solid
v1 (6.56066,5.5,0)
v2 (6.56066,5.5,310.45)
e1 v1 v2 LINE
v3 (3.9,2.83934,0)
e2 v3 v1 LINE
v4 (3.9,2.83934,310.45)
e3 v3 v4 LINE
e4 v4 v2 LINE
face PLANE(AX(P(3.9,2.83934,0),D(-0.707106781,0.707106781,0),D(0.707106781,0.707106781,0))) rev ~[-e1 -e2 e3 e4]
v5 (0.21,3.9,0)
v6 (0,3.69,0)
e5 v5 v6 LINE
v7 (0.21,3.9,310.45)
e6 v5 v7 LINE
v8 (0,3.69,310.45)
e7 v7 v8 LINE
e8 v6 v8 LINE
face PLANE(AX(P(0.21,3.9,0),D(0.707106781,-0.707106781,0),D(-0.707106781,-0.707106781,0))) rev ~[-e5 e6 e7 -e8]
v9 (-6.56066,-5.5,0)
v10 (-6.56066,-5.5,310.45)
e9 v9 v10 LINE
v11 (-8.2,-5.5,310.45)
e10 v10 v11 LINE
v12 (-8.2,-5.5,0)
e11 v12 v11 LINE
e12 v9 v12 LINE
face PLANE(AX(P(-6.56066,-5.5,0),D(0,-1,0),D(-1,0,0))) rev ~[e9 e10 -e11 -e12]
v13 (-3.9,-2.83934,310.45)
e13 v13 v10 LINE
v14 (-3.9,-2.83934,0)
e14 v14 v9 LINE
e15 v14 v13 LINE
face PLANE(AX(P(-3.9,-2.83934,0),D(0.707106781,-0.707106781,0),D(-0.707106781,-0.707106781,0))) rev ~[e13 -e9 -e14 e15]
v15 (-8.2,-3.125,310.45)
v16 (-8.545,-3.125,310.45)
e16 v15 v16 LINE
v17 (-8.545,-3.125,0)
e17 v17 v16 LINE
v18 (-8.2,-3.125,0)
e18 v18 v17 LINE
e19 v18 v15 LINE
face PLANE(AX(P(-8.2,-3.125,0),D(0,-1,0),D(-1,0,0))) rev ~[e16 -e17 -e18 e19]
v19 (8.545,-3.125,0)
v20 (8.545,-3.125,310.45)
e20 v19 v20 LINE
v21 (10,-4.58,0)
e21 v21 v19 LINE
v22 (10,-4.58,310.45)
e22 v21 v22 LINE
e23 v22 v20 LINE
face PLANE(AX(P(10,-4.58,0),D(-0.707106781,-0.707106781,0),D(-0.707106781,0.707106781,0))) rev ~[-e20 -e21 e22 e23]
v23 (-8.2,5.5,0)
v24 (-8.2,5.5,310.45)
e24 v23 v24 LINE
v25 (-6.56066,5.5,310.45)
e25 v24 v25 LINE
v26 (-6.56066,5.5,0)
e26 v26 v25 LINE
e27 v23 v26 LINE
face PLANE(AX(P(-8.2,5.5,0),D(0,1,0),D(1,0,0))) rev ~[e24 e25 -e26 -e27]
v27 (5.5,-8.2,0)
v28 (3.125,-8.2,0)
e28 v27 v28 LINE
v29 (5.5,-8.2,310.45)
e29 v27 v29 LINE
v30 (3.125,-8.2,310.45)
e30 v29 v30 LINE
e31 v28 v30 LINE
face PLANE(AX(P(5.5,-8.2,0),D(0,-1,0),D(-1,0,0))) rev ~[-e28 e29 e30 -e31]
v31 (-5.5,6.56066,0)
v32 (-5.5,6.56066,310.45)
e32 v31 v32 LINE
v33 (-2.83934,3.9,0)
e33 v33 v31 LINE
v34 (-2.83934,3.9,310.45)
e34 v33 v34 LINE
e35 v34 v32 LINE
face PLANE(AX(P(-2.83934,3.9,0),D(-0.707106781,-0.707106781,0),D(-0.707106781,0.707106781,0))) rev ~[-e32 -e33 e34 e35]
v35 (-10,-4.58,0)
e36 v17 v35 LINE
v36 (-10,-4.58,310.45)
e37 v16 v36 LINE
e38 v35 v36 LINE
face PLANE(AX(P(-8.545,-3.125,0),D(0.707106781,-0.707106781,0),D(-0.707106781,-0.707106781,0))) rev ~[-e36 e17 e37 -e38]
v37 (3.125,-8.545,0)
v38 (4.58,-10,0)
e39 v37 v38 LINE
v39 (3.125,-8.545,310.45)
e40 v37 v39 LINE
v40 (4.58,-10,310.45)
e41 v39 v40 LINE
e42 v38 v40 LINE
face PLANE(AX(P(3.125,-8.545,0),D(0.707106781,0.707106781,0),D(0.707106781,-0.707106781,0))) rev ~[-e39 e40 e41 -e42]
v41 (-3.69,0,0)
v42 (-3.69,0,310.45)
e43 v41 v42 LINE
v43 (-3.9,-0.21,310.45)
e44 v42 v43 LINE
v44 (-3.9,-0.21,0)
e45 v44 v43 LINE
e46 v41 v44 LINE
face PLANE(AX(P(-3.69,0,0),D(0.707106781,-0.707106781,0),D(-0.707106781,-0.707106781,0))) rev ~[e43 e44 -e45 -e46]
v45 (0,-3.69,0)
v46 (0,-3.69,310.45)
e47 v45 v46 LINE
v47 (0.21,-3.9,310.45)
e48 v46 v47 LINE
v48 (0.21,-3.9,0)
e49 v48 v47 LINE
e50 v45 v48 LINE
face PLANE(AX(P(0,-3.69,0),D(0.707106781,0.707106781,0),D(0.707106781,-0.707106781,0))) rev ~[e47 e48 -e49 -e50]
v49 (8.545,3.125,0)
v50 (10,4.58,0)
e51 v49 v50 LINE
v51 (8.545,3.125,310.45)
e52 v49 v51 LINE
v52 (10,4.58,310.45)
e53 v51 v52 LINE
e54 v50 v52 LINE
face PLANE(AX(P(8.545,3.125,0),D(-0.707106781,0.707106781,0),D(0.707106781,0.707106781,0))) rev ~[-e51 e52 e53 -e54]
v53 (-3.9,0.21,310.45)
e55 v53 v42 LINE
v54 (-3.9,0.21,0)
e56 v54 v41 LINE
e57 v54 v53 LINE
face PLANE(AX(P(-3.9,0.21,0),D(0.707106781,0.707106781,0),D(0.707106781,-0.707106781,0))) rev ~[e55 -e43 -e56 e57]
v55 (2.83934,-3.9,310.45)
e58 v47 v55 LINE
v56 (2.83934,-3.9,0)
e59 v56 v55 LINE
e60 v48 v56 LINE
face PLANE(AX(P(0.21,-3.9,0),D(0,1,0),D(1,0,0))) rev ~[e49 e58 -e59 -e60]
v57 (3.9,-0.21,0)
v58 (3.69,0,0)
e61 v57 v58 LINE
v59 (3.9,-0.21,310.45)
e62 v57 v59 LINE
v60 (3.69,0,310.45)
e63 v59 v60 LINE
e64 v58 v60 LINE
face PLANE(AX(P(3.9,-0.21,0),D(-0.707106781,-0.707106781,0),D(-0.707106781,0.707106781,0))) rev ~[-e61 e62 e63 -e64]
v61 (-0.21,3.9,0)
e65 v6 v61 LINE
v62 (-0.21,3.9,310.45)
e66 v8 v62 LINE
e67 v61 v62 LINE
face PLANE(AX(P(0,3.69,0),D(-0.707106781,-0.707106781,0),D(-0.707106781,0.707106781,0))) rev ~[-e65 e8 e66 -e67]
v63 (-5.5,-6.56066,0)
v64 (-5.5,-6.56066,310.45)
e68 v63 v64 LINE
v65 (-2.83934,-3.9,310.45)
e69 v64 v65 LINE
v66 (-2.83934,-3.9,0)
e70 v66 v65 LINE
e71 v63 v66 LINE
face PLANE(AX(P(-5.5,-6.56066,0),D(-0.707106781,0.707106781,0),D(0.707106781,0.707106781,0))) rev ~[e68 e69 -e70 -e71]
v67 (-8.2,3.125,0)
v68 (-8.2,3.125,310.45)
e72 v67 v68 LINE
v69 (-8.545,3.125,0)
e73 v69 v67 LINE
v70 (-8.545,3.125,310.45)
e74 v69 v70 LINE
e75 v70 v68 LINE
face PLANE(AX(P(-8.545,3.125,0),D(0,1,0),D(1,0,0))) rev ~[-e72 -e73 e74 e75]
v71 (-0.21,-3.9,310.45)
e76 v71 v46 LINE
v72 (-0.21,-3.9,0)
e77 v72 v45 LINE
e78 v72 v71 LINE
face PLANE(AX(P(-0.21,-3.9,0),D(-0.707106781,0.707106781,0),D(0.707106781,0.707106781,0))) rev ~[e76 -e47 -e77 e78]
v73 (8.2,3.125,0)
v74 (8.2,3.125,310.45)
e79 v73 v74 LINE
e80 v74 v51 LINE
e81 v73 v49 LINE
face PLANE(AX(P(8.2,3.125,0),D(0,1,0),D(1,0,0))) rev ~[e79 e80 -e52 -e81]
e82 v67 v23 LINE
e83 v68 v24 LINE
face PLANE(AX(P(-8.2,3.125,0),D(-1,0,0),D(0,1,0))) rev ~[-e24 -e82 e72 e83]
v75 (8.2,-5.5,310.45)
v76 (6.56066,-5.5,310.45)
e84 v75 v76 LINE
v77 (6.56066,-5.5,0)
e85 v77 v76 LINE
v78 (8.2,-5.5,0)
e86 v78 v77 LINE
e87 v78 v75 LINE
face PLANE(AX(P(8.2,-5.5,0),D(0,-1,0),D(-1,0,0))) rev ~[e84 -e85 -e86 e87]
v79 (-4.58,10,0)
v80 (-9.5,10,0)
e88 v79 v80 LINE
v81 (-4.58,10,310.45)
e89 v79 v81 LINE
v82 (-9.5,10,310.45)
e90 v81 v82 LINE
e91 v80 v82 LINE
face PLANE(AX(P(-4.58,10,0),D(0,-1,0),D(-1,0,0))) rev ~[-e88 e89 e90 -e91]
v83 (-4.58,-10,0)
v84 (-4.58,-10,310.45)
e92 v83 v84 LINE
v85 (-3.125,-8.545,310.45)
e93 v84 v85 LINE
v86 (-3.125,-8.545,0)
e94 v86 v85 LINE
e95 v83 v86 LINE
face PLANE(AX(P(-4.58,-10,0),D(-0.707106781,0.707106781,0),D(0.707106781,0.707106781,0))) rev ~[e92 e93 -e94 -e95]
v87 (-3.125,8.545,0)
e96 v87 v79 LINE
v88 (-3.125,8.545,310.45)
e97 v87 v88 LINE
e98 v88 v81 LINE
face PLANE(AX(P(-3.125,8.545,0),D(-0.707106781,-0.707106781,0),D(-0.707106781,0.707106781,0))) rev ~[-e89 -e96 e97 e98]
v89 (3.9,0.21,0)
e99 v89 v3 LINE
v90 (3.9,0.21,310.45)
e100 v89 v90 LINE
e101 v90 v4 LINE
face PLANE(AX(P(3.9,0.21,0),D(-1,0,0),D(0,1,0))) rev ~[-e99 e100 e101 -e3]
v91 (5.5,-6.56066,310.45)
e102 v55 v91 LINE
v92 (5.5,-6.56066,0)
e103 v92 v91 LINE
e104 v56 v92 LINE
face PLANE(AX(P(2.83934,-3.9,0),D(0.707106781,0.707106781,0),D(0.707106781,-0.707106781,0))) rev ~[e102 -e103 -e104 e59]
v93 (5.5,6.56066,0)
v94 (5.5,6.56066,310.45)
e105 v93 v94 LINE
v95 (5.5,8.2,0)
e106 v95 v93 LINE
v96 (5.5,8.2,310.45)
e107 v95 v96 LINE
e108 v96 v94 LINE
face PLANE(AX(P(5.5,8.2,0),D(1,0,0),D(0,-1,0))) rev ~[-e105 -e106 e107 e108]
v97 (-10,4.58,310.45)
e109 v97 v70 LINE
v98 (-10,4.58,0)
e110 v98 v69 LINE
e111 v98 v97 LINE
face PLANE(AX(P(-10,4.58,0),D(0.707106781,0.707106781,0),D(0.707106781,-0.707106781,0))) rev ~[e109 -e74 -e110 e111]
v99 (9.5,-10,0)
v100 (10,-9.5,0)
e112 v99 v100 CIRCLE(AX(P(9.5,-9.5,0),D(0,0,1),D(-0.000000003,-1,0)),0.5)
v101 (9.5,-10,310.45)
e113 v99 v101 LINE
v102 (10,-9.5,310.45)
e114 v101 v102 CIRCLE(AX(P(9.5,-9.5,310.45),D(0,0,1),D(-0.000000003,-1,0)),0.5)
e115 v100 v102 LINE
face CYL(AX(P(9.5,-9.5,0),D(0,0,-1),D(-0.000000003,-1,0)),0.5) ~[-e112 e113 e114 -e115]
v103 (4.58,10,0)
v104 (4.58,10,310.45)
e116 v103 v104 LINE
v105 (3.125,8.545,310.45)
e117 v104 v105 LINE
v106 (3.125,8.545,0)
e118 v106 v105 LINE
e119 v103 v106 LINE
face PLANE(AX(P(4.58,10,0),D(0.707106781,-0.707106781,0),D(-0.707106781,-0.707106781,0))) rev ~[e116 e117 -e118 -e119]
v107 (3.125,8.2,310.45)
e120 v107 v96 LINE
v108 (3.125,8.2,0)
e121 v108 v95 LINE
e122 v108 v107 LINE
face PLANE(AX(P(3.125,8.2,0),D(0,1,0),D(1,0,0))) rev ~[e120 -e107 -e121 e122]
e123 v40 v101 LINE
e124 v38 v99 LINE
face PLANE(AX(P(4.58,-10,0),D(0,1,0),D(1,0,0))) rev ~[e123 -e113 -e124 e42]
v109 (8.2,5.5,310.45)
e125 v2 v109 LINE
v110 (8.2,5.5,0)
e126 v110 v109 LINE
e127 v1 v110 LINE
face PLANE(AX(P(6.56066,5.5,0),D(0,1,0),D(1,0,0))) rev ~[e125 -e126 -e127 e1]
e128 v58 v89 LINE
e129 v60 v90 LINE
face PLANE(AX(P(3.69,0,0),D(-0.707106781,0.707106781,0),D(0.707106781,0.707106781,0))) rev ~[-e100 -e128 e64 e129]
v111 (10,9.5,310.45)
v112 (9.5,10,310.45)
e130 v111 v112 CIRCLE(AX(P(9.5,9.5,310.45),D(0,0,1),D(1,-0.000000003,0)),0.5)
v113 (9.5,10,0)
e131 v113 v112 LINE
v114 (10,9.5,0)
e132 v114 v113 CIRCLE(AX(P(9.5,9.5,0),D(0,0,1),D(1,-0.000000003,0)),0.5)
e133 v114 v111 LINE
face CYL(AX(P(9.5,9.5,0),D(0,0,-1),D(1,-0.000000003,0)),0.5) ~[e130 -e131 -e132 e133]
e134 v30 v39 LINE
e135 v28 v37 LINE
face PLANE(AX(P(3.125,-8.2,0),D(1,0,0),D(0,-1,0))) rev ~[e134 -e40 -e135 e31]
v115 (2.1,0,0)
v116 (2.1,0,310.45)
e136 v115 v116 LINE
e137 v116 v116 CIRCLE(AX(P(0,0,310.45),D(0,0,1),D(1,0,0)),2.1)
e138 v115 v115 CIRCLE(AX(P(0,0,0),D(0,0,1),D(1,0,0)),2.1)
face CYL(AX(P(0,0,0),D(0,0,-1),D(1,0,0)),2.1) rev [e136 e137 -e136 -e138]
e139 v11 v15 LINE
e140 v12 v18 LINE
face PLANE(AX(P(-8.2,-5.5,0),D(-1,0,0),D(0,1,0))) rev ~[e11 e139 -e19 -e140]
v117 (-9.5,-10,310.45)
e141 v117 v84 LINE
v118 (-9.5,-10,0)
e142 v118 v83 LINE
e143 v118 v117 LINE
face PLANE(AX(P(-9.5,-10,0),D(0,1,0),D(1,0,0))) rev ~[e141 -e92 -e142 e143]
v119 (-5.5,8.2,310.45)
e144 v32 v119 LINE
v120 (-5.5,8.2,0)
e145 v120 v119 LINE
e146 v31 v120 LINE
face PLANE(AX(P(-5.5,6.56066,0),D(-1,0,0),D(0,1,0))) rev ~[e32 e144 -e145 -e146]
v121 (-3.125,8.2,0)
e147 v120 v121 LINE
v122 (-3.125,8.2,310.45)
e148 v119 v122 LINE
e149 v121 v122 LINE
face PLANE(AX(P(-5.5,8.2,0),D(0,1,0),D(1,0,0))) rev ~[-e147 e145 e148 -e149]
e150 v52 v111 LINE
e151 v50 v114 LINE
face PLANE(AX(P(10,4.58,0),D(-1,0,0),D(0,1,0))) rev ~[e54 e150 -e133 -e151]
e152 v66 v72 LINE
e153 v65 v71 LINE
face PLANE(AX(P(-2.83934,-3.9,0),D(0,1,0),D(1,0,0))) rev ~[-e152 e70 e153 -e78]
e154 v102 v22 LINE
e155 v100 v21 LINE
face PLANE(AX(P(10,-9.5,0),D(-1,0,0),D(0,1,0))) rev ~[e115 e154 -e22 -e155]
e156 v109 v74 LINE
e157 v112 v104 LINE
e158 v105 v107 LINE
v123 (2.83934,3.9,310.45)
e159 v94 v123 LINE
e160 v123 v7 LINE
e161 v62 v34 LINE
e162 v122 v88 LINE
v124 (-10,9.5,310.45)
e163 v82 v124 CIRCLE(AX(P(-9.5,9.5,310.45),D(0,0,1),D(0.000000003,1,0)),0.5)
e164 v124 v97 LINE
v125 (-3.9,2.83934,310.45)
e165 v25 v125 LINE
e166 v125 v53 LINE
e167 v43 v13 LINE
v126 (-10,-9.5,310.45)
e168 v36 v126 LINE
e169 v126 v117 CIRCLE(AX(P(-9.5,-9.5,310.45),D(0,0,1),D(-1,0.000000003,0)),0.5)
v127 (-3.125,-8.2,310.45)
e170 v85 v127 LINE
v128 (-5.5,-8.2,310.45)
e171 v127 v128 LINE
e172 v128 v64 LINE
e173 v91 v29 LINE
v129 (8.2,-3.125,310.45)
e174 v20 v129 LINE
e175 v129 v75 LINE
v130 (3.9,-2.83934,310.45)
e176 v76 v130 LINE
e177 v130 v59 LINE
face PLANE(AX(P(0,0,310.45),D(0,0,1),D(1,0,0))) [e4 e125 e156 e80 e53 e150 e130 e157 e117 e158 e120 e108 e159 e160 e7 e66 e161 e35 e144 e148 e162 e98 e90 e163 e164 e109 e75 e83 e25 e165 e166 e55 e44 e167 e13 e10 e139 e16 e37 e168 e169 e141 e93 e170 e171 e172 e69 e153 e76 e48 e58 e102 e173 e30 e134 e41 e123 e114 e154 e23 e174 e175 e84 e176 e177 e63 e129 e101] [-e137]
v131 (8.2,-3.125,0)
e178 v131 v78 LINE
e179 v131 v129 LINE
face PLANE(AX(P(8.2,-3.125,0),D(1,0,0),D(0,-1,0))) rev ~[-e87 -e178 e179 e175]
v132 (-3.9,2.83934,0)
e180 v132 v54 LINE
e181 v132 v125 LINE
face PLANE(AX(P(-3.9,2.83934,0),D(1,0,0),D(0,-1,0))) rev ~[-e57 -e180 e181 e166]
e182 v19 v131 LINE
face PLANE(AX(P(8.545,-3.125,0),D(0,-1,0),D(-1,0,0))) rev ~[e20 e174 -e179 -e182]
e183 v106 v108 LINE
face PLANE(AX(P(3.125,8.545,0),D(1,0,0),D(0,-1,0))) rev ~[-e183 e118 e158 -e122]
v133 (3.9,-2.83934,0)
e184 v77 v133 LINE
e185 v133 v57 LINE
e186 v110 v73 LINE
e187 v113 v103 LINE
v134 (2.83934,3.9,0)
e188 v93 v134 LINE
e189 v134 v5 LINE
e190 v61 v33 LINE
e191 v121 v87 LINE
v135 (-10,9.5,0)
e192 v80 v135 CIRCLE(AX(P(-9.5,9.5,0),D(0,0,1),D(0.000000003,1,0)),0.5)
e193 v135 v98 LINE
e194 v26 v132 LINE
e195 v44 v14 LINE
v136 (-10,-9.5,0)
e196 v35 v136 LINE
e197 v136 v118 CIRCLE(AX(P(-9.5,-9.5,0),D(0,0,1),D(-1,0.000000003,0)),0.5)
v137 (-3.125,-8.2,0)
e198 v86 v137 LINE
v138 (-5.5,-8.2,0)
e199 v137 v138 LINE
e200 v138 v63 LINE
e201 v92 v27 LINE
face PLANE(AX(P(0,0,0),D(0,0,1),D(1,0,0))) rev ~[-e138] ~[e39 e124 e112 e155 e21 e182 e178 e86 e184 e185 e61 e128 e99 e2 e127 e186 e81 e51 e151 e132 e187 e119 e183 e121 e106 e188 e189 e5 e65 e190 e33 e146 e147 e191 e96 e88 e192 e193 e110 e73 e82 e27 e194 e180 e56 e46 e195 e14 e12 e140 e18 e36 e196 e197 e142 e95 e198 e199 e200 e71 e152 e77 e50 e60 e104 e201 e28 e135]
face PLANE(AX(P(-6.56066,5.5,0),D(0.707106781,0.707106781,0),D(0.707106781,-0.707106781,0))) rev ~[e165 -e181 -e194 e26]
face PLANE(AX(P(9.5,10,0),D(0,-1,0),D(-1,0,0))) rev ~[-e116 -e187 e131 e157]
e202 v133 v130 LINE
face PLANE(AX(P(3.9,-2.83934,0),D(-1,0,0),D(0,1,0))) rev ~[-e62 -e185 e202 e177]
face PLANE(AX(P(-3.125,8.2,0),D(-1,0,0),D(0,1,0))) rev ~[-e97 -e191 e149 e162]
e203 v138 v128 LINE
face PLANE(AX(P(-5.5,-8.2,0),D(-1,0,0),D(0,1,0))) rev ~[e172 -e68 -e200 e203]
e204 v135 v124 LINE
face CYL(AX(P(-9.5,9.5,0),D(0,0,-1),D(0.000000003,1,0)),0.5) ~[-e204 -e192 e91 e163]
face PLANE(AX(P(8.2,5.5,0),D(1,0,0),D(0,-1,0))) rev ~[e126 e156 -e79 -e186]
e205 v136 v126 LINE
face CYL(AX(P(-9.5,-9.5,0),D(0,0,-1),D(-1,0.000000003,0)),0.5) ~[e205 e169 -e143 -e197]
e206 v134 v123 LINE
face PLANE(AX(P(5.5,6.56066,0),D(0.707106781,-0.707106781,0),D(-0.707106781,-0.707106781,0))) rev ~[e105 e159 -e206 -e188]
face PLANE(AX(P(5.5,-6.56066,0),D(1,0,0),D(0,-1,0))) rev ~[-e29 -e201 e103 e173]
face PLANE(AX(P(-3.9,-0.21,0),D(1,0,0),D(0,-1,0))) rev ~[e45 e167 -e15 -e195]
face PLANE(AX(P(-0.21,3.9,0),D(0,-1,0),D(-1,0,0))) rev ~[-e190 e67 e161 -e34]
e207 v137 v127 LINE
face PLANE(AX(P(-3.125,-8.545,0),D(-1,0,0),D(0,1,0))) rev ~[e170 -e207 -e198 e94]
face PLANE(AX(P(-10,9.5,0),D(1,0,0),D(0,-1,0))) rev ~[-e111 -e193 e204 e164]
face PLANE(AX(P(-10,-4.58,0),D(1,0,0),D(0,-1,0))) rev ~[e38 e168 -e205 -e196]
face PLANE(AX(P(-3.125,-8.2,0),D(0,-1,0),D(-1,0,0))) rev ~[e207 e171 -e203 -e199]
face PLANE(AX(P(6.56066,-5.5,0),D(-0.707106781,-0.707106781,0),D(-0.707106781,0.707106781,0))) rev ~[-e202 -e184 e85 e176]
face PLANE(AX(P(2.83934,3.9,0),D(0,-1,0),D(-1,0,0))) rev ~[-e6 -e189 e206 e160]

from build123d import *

# Parameters (mm, degrees)
SKETCH1_R           = 2.1
BOSS_EXTRUDE1_DEPTH = 310.45


with BuildPart() as part:
    # Sketch1 → Boss-Extrude1 (new body)
    with BuildSketch(Plane.XY):
        with BuildLine():
            Line((4.58, -10), (9.5, -10))
            ThreePointArc((9.5, -10), (9.853553391, -9.853553391), (10, -9.5))
            Line((10, -9.5), (10, -4.58))
            Line((10, -4.58), (8.545, -3.125))
            Line((8.545, -3.125), (8.2, -3.125))
            Line((8.2, -3.125), (8.2, -5.5))
            Line((8.2, -5.5), (6.560660172, -5.5))
            Line((6.560660172, -5.5), (3.9, -2.839339828))
            Line((3.9, -2.839339828), (3.9, -0.21))
            Line((3.9, -0.21), (3.69, 0))
            Line((3.69, 0), (3.9, 0.21))
            Line((3.9, 0.21), (3.9, 2.839339828))
            Line((3.9, 2.839339828), (6.560660172, 5.5))
            Line((6.560660172, 5.5), (8.2, 5.5))
            Line((8.2, 5.5), (8.2, 3.125))
            Line((8.2, 3.125), (8.545, 3.125))
            Line((8.545, 3.125), (10, 4.58))
            Line((10, 4.58), (10, 9.5))
            ThreePointArc((10, 9.5), (9.853553391, 9.853553391), (9.5, 10))
            Line((9.5, 10), (4.58, 10))
            Line((4.58, 10), (3.125, 8.545))
            Line((3.125, 8.545), (3.125, 8.2))
            Line((3.125, 8.2), (5.5, 8.2))
            Line((5.5, 8.2), (5.5, 6.560660172))
            Line((5.5, 6.560660172), (2.839339828, 3.9))
            Line((2.839339828, 3.9), (0.21, 3.9))
            Line((0.21, 3.9), (0, 3.69))
            Line((0, 3.69), (-0.21, 3.9))
            Line((-0.21, 3.9), (-2.839339828, 3.9))
            Line((-2.839339828, 3.9), (-5.5, 6.560660172))
            Line((-5.5, 6.560660172), (-5.5, 8.2))
            Line((-5.5, 8.2), (-3.125, 8.2))
            Line((-3.125, 8.2), (-3.125, 8.545))
            Line((-3.125, 8.545), (-4.58, 10))
            Line((-4.58, 10), (-9.5, 10))
            ThreePointArc((-9.5, 10), (-9.853553391, 9.853553391), (-10, 9.5))
            Line((-10, 9.5), (-10, 4.58))
            Line((-10, 4.58), (-8.545, 3.125))
            Line((-8.545, 3.125), (-8.2, 3.125))
            Line((-8.2, 3.125), (-8.2, 5.5))
            Line((-8.2, 5.5), (-6.560660172, 5.5))
            Line((-6.560660172, 5.5), (-3.9, 2.839339828))
            Line((-3.9, 2.839339828), (-3.9, 0.21))
            Line((-3.9, 0.21), (-3.69, 0))
            Line((-3.69, 0), (-3.9, -0.21))
            Line((-3.9, -0.21), (-3.9, -2.839339828))
            Line((-3.9, -2.839339828), (-6.560660172, -5.5))
            Line((-6.560660172, -5.5), (-8.2, -5.5))
            Line((-8.2, -5.5), (-8.2, -3.125))
            Line((-8.2, -3.125), (-8.545, -3.125))
            Line((-8.545, -3.125), (-10, -4.58))
            Line((-10, -4.58), (-10, -9.5))
            ThreePointArc((-10, -9.5), (-9.853553391, -9.853553391), (-9.5, -10))
            Line((-9.5, -10), (-4.58, -10))
            Line((-4.58, -10), (-3.125, -8.545))
            Line((-3.125, -8.545), (-3.125, -8.2))
            Line((-3.125, -8.2), (-5.5, -8.2))
            Line((-5.5, -8.2), (-5.5, -6.560660172))
            Line((-5.5, -6.560660172), (-2.839339828, -3.9))
            Line((-2.839339828, -3.9), (-0.21, -3.9))
            Line((-0.21, -3.9), (0, -3.69))
            Line((0, -3.69), (0.21, -3.9))
            Line((0.21, -3.9), (2.839339828, -3.9))
            Line((2.839339828, -3.9), (5.5, -6.560660172))
            Line((5.5, -6.560660172), (5.5, -8.2))
            Line((5.5, -8.2), (3.125, -8.2))
            Line((3.125, -8.2), (3.125, -8.545))
            Line((3.125, -8.545), (4.58, -10))
        make_face()
        Circle(SKETCH1_R, mode=Mode.SUBTRACT)
    extrude(amount=BOSS_EXTRUDE1_DEPTH)


solid = part.part
